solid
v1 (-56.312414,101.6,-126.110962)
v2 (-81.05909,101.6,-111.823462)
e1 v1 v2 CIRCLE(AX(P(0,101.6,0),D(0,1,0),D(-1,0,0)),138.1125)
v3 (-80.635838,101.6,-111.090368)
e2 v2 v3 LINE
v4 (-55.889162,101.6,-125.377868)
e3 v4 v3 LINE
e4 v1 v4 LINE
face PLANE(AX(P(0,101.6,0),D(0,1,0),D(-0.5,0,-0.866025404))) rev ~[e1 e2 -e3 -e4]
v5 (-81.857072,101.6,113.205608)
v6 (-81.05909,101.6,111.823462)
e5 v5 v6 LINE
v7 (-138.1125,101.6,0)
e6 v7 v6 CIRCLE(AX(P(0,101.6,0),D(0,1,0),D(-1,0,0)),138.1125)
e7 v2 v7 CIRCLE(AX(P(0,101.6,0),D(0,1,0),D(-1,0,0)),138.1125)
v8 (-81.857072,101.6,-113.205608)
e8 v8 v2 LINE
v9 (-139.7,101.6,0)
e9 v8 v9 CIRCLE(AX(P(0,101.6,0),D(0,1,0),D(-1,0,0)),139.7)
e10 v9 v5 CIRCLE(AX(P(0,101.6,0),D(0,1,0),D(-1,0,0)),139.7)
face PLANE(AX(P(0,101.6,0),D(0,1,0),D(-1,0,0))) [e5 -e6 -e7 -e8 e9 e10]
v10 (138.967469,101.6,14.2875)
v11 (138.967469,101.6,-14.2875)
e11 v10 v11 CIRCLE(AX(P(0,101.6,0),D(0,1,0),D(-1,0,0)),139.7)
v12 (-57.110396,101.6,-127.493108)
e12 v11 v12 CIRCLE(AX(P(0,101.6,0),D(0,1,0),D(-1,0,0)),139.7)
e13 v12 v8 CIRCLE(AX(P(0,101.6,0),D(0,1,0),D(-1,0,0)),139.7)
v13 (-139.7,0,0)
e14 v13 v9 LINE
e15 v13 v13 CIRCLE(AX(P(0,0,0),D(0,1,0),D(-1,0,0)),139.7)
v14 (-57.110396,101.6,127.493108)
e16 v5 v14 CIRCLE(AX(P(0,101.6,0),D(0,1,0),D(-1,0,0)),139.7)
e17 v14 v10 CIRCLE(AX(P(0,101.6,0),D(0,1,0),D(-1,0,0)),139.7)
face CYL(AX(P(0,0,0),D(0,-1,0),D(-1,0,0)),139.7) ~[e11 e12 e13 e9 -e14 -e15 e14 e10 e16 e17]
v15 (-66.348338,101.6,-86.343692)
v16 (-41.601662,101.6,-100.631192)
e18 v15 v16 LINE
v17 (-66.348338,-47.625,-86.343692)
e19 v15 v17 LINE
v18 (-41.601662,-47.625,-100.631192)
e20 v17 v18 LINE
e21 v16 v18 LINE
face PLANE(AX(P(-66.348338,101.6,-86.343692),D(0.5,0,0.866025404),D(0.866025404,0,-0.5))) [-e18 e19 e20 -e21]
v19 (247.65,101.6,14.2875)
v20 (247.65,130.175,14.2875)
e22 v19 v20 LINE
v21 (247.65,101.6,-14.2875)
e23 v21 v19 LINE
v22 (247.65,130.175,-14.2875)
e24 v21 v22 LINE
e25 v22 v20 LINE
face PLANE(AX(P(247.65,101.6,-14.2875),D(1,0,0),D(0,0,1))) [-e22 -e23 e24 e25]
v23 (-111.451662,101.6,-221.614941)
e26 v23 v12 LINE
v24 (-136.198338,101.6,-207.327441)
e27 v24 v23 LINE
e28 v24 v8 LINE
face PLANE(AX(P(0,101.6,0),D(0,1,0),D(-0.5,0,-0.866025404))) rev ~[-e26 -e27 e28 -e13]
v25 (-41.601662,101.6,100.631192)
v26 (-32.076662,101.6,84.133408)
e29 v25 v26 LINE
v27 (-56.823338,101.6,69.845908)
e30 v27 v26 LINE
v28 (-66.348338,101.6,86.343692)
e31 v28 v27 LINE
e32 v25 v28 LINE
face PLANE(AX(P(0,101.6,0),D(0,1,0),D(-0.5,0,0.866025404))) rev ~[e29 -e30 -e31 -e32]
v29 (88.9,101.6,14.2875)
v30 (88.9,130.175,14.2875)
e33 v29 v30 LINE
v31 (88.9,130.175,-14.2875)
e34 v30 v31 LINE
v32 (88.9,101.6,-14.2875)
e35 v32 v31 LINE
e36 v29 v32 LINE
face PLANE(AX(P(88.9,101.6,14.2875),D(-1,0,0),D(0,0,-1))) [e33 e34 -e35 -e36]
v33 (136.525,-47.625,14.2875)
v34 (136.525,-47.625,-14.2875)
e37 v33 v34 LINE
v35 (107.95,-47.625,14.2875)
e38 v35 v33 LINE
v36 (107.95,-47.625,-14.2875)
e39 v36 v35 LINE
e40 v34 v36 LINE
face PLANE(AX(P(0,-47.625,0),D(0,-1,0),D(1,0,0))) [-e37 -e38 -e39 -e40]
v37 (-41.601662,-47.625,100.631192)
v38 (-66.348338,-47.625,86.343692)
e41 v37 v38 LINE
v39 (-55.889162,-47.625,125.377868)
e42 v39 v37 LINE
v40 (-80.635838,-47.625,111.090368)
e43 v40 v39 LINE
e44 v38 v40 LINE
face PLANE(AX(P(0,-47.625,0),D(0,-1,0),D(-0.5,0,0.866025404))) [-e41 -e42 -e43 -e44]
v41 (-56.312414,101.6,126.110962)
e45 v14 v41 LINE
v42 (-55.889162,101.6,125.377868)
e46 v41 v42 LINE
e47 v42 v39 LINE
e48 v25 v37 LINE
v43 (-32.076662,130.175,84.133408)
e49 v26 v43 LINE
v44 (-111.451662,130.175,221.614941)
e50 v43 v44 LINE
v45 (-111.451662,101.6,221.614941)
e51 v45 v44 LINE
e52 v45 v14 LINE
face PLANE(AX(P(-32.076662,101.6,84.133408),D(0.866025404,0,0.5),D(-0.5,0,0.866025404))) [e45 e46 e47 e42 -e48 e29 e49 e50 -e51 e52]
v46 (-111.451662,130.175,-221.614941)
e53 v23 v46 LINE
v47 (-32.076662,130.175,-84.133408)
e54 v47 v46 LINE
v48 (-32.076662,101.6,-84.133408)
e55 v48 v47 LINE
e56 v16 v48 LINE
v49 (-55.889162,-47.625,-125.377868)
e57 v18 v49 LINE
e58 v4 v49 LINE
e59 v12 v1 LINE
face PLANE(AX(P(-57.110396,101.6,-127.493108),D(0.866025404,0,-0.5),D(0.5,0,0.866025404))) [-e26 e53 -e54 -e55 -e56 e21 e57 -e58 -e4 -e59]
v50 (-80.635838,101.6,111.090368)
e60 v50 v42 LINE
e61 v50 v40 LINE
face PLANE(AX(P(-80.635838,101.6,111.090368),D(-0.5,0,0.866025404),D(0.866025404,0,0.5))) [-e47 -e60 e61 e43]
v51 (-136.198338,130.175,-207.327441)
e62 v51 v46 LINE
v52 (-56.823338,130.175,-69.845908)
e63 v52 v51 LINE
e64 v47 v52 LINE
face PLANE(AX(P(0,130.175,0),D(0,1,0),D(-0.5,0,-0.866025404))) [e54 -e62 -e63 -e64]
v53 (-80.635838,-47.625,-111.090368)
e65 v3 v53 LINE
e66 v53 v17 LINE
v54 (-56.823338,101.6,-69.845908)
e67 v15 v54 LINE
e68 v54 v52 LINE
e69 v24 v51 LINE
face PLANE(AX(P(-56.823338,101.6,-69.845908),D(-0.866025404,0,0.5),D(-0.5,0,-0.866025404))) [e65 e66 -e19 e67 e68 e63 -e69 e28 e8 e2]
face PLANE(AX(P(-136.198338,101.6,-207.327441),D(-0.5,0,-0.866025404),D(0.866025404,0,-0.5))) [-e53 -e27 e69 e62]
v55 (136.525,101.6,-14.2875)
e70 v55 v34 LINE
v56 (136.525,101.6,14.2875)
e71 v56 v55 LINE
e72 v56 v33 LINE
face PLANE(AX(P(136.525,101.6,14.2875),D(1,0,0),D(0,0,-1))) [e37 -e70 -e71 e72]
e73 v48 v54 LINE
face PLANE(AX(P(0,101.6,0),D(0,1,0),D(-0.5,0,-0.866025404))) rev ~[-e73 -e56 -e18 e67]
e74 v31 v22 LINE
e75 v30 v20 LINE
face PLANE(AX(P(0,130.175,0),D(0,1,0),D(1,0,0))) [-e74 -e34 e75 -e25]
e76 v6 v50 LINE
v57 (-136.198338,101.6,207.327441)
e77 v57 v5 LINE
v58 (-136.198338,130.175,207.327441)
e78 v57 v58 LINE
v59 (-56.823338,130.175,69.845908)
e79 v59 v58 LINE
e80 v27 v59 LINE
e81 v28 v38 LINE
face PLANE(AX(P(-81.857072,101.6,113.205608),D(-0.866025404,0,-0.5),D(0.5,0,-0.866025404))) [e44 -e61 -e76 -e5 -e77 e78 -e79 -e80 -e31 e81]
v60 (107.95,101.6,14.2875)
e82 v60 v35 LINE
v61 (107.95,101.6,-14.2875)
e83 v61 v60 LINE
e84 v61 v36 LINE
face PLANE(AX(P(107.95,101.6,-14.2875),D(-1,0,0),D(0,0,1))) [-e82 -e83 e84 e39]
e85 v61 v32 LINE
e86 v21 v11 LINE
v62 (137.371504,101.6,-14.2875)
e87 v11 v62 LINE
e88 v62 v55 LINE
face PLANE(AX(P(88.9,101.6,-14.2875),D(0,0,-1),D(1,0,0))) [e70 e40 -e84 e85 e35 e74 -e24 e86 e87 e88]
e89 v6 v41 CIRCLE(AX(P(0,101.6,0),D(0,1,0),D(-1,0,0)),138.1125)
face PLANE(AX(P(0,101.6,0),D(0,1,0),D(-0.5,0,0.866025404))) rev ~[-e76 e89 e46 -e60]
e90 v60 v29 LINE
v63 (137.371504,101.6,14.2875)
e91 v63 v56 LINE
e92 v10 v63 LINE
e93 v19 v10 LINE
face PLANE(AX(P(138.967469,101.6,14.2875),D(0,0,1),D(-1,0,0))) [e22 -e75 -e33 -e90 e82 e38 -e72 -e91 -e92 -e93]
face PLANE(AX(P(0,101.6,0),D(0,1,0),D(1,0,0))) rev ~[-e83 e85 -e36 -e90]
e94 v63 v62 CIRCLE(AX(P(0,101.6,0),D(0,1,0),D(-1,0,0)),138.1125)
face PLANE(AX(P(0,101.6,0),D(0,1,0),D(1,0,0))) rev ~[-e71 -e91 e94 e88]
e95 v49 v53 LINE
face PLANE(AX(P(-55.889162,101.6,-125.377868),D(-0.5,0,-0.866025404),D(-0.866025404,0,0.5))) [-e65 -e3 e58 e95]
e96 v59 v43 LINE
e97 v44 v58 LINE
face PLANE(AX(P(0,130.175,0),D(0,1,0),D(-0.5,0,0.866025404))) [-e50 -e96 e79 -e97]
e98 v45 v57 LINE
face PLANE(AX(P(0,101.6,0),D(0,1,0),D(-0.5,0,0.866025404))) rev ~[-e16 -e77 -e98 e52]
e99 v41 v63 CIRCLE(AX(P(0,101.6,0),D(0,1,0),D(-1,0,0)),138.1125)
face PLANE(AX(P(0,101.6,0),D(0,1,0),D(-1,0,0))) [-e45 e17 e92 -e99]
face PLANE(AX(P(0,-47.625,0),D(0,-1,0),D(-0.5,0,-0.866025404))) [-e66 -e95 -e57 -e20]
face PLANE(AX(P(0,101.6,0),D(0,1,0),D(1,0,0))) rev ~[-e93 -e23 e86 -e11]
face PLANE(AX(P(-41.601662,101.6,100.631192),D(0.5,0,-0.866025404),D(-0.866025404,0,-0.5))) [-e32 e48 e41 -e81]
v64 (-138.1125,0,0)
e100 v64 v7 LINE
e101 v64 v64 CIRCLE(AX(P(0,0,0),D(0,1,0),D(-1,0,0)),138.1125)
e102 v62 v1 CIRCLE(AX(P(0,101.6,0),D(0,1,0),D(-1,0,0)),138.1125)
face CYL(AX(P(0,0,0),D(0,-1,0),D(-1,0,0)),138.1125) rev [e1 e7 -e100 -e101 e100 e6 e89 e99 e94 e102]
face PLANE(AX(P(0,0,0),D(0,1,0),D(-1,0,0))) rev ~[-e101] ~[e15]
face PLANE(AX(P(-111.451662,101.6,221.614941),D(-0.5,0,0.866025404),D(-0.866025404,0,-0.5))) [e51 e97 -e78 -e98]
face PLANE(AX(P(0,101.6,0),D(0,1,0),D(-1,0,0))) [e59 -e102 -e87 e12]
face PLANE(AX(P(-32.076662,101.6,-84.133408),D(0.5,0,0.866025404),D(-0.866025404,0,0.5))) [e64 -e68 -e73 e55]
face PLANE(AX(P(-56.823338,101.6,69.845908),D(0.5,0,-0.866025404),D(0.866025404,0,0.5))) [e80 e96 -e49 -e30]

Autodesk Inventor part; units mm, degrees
ref_plane "YZ Plane" through (0, 0, 0) normal (1, 0, 0) x (0, 1, 0)
ref_plane "XZ Plane" through (0, 0, 0) normal (0, 1, 0) x (-1, 0, 0)
ref_plane "XY Plane" through (0, 0, 0) normal (0, 0, 1) x (1, 0, 0)
sketch "Sketch1" plane through (0, 0, 0) normal (0, 1, 0) x (-1, 0, 0)
  circle A0 centre (0, 0) radius 139.7
  circle A1 centre (0, 0) radius 138.1125
  dimension "d0" = 279.4
  dimension "d1" = 276.225
extrude "Extrusion1" add sketch "Sketch1" along normal blind 101.6
sketch "Sketch2" plane through (0, 101.6, 0) normal (0, 1, 0) x (1, 0, 0)
  line L0 (88.9, 14.2875) -> (247.65, 14.2875)
  line L1 (247.65, 14.2875) -> (247.65, -14.2875)
  line L2 (247.65, -14.2875) -> (88.9, -14.2875)
  line L3 (88.9, -14.2875) -> (88.9, 14.2875)
  line L4 (88.9, 14.2875) -> (247.65, -14.2875) construction
  line L5 (247.65, 14.2875) -> (88.9, -14.2875) construction
  circle A0 centre (0, 0) radius 139.7 projected
  point P0 (168.275, 0)
  point P1 (168.275, 0)
  point P2 (139.7, 0)
  dimension "d4" = 158.75
  dimension "d5" = 28.575
  dimension "d7" = 107.95
extrude "Extrusion2" add sketch "Sketch2" along normal blind 28.575 contours L0 A0 L2 L3 | L0 L1 L2 A0 picked at (105.8333, 0)
sketch "Sketch3" plane through (0, 101.6, 0) normal (0, -1, 0) x (1, 0, 0)
  line L0 (247.65, -14.2875) -> (88.9, -14.2875) projected
  line L1 (107.95, 14.2875) -> (136.525, 14.2875)
  line L2 (136.525, 14.2875) -> (136.525, -14.2875)
  line L3 (136.525, -14.2875) -> (107.95, -14.2875)
  line L4 (107.95, -14.2875) -> (107.95, 14.2875)
  line L5 (107.95, 14.2875) -> (136.525, -14.2875) construction
  line L6 (136.525, 14.2875) -> (107.95, -14.2875) construction
  line L7 (88.9, 14.2875) -> (88.9, -14.2875) projected
  line L8 (137.3715, 14.2875) -> (88.9, 14.2875) projected
  point P0 (0, 0)
  point P1 (122.2375, 0)
  dimension "d10" = 28.575
  dimension "d11" = 19.05
extrude "Extrusion3" add sketch "Sketch3" along normal blind 149.225 contours L0 L4 L1 L2
pattern_circular "Circular Pattern1" count 3 over 360 about axis through (0, 0, 0) along (0, 1, 0) of "Extrusion2", "Extrusion3"
properties part number "Burner-Placeholder"
